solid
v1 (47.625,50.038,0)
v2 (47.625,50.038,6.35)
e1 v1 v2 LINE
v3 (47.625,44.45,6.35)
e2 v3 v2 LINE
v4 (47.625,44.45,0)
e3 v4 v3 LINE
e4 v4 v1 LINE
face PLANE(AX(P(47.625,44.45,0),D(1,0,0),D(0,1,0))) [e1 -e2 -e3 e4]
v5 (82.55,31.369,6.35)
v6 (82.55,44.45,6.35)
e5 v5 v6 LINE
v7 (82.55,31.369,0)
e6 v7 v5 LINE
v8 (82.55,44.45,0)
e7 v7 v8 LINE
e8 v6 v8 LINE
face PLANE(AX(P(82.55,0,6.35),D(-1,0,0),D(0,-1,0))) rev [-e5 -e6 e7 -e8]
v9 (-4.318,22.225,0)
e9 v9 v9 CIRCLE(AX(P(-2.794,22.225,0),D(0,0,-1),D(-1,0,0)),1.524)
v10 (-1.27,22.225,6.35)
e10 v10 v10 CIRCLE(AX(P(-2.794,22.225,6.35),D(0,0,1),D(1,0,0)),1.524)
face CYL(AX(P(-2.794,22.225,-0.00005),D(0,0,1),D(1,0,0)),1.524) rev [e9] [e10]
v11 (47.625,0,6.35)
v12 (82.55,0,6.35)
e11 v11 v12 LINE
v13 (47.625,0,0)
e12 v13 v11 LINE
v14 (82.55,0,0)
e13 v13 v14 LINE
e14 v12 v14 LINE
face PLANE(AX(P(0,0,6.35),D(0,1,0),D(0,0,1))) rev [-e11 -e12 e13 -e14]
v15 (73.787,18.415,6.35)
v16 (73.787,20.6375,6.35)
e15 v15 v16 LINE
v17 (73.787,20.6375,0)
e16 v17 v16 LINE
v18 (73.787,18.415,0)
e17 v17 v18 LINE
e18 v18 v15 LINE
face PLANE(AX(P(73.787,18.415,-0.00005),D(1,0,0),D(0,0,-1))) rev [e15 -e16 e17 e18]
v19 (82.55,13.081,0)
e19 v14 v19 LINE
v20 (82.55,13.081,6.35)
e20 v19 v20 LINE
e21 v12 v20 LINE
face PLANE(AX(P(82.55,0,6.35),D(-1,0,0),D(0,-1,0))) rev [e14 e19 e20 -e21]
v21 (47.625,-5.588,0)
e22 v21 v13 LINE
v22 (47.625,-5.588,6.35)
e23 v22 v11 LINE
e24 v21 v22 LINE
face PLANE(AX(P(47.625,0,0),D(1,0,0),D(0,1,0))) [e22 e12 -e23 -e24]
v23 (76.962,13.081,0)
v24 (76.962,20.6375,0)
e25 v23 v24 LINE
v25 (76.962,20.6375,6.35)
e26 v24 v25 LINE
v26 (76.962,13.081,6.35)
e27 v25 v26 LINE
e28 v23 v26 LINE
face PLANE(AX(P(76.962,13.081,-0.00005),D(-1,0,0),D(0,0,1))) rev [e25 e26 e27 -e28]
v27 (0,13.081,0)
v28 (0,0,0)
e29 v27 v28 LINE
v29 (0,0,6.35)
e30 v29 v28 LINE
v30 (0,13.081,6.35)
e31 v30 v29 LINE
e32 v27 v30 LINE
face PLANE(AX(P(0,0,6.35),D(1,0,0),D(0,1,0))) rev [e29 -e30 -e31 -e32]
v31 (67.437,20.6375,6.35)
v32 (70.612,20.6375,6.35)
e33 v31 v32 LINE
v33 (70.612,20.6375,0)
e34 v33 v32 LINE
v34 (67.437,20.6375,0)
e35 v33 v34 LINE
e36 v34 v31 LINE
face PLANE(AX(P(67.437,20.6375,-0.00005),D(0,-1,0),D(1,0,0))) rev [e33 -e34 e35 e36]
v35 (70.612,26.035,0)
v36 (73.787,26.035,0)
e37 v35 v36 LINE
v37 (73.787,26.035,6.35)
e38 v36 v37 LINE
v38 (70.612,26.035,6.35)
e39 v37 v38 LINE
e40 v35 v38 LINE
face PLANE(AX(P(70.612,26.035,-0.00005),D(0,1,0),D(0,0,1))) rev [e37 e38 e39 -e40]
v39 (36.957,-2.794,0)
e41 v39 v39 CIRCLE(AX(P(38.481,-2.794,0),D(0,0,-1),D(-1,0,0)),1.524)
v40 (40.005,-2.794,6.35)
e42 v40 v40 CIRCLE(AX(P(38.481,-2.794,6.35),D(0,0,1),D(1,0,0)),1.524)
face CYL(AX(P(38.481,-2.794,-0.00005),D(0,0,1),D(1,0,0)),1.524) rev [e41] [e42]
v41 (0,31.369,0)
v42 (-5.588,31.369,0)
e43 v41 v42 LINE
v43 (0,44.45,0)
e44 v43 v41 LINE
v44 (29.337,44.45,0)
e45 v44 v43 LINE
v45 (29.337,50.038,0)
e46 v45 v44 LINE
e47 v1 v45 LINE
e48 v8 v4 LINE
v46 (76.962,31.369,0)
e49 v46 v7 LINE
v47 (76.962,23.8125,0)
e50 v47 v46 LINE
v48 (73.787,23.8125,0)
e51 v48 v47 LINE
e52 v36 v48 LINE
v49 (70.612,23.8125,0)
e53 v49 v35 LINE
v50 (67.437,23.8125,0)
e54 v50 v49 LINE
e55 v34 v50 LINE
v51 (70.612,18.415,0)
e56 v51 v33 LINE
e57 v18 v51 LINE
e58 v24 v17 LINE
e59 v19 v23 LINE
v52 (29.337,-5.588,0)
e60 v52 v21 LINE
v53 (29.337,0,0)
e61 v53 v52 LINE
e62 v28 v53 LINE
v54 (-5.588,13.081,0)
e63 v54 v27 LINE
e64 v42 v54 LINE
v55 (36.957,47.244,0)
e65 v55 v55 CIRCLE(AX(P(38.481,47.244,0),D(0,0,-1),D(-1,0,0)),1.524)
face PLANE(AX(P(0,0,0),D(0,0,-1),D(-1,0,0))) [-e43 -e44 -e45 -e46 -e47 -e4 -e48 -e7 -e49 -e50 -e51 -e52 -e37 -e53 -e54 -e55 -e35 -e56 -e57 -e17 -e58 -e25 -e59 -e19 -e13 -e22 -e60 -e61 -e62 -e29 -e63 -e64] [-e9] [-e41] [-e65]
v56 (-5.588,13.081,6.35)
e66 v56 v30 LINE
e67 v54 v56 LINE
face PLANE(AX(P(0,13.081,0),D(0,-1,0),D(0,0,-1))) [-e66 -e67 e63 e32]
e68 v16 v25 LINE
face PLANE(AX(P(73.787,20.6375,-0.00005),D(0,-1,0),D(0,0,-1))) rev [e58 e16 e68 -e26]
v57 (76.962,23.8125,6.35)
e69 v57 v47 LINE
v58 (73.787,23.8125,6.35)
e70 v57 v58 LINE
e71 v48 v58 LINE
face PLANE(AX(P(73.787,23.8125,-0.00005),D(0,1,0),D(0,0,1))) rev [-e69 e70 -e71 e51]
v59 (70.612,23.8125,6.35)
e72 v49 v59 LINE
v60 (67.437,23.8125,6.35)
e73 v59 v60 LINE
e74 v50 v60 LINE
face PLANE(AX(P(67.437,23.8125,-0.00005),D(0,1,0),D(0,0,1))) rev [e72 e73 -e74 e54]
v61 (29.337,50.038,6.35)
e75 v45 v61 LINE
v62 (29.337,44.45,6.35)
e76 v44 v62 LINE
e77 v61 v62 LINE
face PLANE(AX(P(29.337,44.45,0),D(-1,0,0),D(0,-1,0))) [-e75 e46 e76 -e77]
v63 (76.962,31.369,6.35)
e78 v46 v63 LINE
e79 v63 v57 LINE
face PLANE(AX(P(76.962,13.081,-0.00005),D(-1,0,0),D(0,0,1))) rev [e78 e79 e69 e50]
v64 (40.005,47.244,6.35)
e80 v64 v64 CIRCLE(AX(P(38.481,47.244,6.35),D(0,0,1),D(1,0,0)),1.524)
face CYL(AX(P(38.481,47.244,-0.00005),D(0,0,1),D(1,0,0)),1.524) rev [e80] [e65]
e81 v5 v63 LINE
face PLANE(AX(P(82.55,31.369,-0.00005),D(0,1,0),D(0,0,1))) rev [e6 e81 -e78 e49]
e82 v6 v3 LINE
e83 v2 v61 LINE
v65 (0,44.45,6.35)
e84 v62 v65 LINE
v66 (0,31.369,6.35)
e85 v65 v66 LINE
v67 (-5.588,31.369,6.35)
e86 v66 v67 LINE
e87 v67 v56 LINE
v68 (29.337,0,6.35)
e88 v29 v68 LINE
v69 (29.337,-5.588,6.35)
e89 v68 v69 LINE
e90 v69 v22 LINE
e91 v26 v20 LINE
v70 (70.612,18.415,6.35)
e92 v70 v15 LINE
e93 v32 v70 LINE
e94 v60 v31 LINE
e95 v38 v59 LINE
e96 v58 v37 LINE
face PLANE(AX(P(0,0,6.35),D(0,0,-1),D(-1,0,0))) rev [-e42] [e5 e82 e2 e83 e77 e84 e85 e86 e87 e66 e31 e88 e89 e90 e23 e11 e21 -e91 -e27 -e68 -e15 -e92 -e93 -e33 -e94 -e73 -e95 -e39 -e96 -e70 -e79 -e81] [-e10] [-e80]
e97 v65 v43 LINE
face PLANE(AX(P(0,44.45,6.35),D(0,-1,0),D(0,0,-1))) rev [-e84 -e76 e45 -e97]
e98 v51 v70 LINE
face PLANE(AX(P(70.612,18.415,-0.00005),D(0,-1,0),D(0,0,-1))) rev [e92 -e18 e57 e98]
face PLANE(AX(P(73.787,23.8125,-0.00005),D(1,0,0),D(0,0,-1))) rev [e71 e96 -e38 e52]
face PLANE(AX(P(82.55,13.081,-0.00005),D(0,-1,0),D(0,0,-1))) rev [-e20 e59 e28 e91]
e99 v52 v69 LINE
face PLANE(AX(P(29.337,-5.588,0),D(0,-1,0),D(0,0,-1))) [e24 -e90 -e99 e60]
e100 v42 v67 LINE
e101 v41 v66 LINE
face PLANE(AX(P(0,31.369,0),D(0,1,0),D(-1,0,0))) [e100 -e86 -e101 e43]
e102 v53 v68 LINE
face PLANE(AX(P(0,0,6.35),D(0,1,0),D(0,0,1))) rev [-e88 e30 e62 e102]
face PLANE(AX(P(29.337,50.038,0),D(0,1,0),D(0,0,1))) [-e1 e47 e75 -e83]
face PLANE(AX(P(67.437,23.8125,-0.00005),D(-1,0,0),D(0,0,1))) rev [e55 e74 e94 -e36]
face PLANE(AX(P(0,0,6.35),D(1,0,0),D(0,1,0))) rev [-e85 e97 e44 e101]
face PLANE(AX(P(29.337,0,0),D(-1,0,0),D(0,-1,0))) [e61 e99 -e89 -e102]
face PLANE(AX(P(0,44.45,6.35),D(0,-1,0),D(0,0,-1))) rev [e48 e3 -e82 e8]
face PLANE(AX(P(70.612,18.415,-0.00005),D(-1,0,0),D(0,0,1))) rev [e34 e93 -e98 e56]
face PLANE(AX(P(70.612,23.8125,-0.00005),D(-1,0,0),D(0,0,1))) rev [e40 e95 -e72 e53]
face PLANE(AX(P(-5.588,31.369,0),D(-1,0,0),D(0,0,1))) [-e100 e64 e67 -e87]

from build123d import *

# Parameters (mm, degrees)
SKETCH1_W           = 82.55
SKETCH1_H           = 44.45
BOSS_EXTRUDE1_DEPTH = 6.35
SKETCH2_W           = 5.588
SKETCH2_H           = 18.288
BOSS_EXTRUDE2_DEPTH = 6.35
SKETCH5_W           = 18.288
SKETCH5_H           = 5.588
BOSS_EXTRUDE3_DEPTH = 6.35
SKETCH3_W           = 5.588
SKETCH3_H           = 18.288
CUT_EXTRUDE1_DEPTH  = 97.739994025
SKETCH6_R           = 1.524
CUT_EXTRUDE2_DEPTH  = 97.739994025


with BuildPart() as part:
    # Sketch1 → Boss-Extrude1 (new body)
    with BuildSketch(Plane.XY):
        with Locations((41.275, 22.225)):
            Rectangle(SKETCH1_W, SKETCH1_H)
    extrude(amount=BOSS_EXTRUDE1_DEPTH)

    # Sketch2 → Boss-Extrude2 (add)
    with BuildSketch(Plane.XY.offset(6.35)):
        with Locations((-2.794, 22.225)):
            Rectangle(SKETCH2_W, SKETCH2_H)
    extrude(amount=-BOSS_EXTRUDE2_DEPTH)

    # Sketch5 → Boss-Extrude3 (add)
    with BuildSketch(Plane.XY.offset(6.35)):
        with Locations((38.481, 47.244)):
            Rectangle(SKETCH5_W, SKETCH5_H)
        with Locations((38.481, -2.794)):
            Rectangle(SKETCH5_W, SKETCH5_H)
    extrude(amount=-BOSS_EXTRUDE3_DEPTH)

    # Sketch3 → Cut-Extrude1 (cut, through all)
    with BuildSketch(Plane.XY.offset(6.35)):
        with Locations((79.756, 22.225)):
            Rectangle(SKETCH3_W, SKETCH3_H)
    extrude(amount=-CUT_EXTRUDE1_DEPTH, mode=Mode.SUBTRACT)

    # Sketch6 → Cut-Extrude2 (cut, through all)
    with BuildSketch(Plane.XY.offset(6.35)):
        with Locations((-2.794, 22.225)):
            Circle(SKETCH6_R)
        with Locations((38.481, -2.794)):
            Circle(SKETCH6_R)
        with Locations((38.481, 47.244)):
            Circle(SKETCH6_R)
        Polygon((67.437, 23.8125), (70.612, 23.8125), (70.612, 26.035), (73.787, 26.035), (73.787, 23.8125), (76.962, 23.8125), (76.962, 20.6375), (73.787, 20.6375), (73.787, 18.415), (70.612, 18.415), (70.612, 20.6375), (67.437, 20.6375), align=None)
    extrude(amount=-CUT_EXTRUDE2_DEPTH, mode=Mode.SUBTRACT)


solid = part.part
